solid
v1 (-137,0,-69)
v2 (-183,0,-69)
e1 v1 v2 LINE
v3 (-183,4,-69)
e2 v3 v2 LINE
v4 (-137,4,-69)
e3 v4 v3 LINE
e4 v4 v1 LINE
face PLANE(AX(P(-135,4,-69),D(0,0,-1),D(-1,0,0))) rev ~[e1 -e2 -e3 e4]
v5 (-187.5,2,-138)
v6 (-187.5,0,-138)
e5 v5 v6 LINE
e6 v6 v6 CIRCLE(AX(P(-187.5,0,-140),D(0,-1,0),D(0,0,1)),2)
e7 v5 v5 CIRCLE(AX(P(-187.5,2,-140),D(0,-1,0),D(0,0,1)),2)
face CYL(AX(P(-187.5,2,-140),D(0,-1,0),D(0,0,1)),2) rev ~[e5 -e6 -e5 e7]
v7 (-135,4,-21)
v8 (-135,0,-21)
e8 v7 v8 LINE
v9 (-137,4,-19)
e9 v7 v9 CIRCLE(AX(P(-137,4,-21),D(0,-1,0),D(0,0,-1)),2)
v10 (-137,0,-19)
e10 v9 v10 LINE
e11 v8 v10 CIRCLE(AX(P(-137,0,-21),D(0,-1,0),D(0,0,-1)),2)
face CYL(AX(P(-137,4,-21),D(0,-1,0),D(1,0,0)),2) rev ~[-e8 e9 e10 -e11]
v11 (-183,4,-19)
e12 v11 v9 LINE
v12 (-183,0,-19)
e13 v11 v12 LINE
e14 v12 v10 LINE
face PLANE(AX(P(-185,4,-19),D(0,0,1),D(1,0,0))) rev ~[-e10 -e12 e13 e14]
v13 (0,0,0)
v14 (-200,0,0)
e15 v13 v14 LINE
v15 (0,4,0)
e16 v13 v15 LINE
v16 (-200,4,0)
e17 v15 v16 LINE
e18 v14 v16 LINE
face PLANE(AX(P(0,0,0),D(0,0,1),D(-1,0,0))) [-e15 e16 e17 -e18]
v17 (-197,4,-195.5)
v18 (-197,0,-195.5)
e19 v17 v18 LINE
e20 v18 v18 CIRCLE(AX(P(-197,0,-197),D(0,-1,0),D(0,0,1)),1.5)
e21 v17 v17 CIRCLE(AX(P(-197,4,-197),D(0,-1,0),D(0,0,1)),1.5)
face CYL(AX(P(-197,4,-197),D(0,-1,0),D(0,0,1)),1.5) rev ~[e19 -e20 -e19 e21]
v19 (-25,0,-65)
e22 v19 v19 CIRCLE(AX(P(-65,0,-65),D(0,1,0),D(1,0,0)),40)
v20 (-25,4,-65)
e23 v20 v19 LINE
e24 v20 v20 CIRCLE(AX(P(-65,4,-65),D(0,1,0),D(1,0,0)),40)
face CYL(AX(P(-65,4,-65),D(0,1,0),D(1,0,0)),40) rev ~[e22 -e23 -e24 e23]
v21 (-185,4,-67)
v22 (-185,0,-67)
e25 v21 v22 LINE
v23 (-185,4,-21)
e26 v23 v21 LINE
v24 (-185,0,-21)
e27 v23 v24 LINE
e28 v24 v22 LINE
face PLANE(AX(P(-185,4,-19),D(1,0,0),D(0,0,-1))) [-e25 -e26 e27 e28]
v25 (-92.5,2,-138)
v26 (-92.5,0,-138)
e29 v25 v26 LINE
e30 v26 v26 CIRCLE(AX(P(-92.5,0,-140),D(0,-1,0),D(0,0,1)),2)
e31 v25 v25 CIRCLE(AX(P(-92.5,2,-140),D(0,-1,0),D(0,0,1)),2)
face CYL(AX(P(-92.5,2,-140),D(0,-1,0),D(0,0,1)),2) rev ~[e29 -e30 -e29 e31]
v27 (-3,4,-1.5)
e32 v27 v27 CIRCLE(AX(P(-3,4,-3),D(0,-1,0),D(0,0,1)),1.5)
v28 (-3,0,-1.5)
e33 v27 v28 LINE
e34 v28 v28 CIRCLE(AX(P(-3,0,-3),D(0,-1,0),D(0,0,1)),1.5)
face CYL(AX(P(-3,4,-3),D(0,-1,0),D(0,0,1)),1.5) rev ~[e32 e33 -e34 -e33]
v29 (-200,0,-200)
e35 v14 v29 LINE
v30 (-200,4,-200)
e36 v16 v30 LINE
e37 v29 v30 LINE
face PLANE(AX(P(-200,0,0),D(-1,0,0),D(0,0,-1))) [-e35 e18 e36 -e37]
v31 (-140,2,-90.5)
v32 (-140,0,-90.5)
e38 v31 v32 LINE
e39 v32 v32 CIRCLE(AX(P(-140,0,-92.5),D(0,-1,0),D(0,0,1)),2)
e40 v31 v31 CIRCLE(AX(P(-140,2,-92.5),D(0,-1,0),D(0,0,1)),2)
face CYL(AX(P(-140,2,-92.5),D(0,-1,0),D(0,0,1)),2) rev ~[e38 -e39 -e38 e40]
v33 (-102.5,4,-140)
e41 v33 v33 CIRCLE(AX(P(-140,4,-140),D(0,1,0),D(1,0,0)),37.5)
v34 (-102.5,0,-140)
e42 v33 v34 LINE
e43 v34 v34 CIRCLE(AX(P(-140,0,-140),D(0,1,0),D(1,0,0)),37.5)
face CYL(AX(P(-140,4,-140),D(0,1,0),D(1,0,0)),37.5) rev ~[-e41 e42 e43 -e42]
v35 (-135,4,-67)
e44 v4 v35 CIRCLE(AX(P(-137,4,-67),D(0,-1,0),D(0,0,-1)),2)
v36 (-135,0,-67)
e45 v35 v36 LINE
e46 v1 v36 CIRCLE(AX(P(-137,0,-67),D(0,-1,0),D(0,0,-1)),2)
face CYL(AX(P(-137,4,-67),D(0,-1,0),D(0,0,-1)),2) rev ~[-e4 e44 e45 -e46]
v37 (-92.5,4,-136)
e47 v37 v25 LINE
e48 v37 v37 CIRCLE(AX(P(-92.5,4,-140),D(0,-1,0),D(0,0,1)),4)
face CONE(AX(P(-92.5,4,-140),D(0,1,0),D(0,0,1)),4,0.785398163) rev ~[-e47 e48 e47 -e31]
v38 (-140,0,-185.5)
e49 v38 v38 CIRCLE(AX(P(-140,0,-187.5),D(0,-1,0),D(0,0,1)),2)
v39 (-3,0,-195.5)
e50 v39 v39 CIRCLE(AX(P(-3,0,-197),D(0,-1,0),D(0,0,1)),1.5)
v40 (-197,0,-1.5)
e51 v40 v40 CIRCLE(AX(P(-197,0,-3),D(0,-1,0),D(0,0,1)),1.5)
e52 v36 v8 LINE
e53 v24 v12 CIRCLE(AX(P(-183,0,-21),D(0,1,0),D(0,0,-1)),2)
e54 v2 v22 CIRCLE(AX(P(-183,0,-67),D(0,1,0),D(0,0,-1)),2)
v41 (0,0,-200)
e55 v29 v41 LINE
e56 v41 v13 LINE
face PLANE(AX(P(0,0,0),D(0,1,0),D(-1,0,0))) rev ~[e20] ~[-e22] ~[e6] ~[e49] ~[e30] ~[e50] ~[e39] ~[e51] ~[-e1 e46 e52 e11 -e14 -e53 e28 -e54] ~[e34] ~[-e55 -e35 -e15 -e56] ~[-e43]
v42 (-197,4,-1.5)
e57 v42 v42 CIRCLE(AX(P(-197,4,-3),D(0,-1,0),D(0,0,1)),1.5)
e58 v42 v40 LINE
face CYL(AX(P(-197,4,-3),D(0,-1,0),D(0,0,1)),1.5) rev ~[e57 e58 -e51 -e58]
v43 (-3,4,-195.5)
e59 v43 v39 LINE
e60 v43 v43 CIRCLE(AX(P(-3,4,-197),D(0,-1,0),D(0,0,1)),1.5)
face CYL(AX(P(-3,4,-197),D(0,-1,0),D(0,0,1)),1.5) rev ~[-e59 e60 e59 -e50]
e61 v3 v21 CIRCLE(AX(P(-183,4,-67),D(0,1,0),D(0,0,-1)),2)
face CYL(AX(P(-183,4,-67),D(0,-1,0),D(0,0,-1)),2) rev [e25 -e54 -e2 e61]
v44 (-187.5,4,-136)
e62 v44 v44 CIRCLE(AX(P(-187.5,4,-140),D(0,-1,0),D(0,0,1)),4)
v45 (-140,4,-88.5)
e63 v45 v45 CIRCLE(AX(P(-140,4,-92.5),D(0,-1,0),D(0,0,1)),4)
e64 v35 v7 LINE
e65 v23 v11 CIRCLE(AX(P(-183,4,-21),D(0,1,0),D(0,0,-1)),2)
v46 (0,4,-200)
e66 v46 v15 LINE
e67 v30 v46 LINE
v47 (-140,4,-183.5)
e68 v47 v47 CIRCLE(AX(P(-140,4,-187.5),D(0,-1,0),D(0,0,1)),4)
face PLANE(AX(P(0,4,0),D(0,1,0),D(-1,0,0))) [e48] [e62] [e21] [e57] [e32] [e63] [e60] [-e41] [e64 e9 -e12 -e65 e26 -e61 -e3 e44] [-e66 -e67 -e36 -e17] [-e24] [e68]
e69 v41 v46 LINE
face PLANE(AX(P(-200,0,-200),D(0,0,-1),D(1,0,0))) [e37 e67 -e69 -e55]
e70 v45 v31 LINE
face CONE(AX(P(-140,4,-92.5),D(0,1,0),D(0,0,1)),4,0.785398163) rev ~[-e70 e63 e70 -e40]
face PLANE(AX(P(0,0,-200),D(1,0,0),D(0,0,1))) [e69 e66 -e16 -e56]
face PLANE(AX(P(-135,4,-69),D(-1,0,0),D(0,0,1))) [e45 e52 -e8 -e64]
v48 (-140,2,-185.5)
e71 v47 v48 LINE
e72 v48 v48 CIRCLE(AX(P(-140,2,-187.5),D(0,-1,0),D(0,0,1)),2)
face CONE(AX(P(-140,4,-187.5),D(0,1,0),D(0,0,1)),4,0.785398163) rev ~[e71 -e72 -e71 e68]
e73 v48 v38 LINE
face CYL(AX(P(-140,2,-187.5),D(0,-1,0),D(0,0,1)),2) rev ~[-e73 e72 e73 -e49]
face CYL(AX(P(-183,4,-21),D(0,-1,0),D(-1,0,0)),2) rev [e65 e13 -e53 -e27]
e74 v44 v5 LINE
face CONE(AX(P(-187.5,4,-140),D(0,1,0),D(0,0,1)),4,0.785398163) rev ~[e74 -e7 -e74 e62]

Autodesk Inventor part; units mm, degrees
ref_plane "YZ Plane" through (0, 0, 0) normal (1, 0, 0) x (0, 1, 0)
ref_plane "XZ Plane" through (0, 0, 0) normal (0, 1, 0) x (-1, 0, 0)
ref_plane "XY Plane" through (0, 0, 0) normal (0, 0, 1) x (1, 0, 0)
sketch "Sketch1" plane through (0, 0, 0) normal (0, 1, 0) x (-1, 0, 0)
  line L0 (0, 0) -> (200, 0)
  line L1 (200, 0) -> (200, -200)
  line L2 (200, -200) -> (0, -200)
  line L3 (0, -200) -> (0, 0)
  dimension "d0" = 200
  dimension "d1" = 200
extrude "Extrusion1" add sketch "Sketch1" along normal blind 4
sketch "Sketch2" plane through (0, 4, 0) normal (0, 1, 0) x (1, 0, 0)
  circle A0 centre (-197, 197) radius 1.5
  line L0 (0, 200) -> (-200, 200)
  line L1 (-200, 200) -> (-200, 0)
  circle A1 centre (-197, 3) radius 1.5
  line L2 (-200, 0) -> (0, 0)
  circle A2 centre (-3, 197) radius 1.5
  line L3 (0, 0) -> (0, 200)
  circle A3 centre (-3, 3) radius 1.5
  dimension "d4" = 3
  dimension "d5" = 3
  dimension "d6" = 3
  dimension "d7" = 3
  dimension "d8" = 3
  dimension "d9" = 3
  dimension "d10" = 3
  dimension "d11" = 3
  dimension "d12" = 3
  dimension "d13" = 3
  dimension "d14" = 3
  dimension "d15" = 3
hole "Hole1" at (-197, 4, -197) at (-3, 4, -197) at (-197, 4, -3) at (-3, 4, -3) direction (0, -1, 0) diameter 3 end through all
sketch "Sketch3" plane through (0, 4, 0) normal (0, 1, 0) x (1, 0, 0)
  circle A0 centre (-65, 65) radius 40
  line L0 (0, 0) -> (0, 200) projected
  line L1 (-200, 0) -> (0, 0) projected
  circle A1 centre (-140, 140) radius 37.5
  line L2 (0, 200) -> (-200, 200) projected
  line L3 (-200, 200) -> (-200, 0) projected
  circle A2 centre (-140, 140) radius 55
  line L4 (-185, 78) -> (-135, 78)
  line L5 (-135, 78) -> (-135, 10)
  line L6 (-135, 10) -> (-185, 10)
  line L7 (-185, 10) -> (-185, 78)
  circle A3 centre (-65, 65) radius 50
  circle A4 centre (-65, 65) radius 60
  line L8 (-185, 19) -> (-135, 19)
  line L9 (-135, 19) -> (-135, 69)
  line L10 (-135, 69) -> (-185, 69)
  line L11 (-185, 69) -> (-185, 19)
  dimension "d23" = 80
  dimension "d24" = 65
  dimension "d25" = 65
  dimension "d26" = 75
  dimension "d29" = 140
  dimension "d30" = 140
  dimension "d31" = 110
  dimension "d32" = 50
  dimension "d33" = 68
  dimension "d34" = 10
  dimension "d59" = 100
  dimension "d60" = 120
  dimension "d61" = 135
  dimension "d62" = 50
  dimension "d63" = 50
  dimension "d64" = 9
extrude "Extrusion2" cut sketch "Sketch3" against normal through all contours A0 | A1 | L10 L5 L8 L7
sketch "Sketch4" plane through (0, 4, 0) normal (0, 1, 0) x (1, 0, 0)
  circle A0 centre (-140, 140) radius 37.5 projected
  circle A1 centre (-140, 140) radius 47.5
  circle A2 centre (-140, 187.5) radius 2
  circle A3 centre (-187.5, 140) radius 2
  circle A4 centre (-140, 92.5) radius 2
  circle A5 centre (-92.5, 140) radius 2
  point P0 (0, 0)
  dimension "d38" = 95
  dimension "d39" = 4
  dimension "d42" = 360
hole "Hole2" at (-187.5, 4, -140) at (-140, 4, -92.5) at (-140, 4, -187.5) at (-92.5, 4, -140) direction (0, -1, 0) diameter 4 end through all countersink diameter 8 countersink angle 90
thread "Thread1" size "M4x0.7" class "6H" standard "ANSI Metric M Profile" full length
thread "Thread2" size "M4x0.7" class "6H" standard "ANSI Metric M Profile" full length
thread "Thread3" size "M4x0.7" class "6H" standard "ANSI Metric M Profile" full length
thread "Thread4" size "M4x0.7" class "6H" standard "ANSI Metric M Profile" full length
thread "Thread5" size "M3x0.5" class "6H" standard "ANSI Metric M Profile" full length
thread "Thread6" size "M3x0.5" class "6H" standard "ANSI Metric M Profile" full length
thread "Thread7" size "M3x0.5" class "6H" standard "ANSI Metric M Profile" full length
thread "Thread8" size "M3x0.5" class "6H" standard "ANSI Metric M Profile" full length
fillet "Fillet1" radius 2 4 edges at (-185, 2, -69) (-185, 2, -19) (-135, 2, -69) (-135, 2, -19)
properties part number "Housing_lid" material "Aluminum 6061"
